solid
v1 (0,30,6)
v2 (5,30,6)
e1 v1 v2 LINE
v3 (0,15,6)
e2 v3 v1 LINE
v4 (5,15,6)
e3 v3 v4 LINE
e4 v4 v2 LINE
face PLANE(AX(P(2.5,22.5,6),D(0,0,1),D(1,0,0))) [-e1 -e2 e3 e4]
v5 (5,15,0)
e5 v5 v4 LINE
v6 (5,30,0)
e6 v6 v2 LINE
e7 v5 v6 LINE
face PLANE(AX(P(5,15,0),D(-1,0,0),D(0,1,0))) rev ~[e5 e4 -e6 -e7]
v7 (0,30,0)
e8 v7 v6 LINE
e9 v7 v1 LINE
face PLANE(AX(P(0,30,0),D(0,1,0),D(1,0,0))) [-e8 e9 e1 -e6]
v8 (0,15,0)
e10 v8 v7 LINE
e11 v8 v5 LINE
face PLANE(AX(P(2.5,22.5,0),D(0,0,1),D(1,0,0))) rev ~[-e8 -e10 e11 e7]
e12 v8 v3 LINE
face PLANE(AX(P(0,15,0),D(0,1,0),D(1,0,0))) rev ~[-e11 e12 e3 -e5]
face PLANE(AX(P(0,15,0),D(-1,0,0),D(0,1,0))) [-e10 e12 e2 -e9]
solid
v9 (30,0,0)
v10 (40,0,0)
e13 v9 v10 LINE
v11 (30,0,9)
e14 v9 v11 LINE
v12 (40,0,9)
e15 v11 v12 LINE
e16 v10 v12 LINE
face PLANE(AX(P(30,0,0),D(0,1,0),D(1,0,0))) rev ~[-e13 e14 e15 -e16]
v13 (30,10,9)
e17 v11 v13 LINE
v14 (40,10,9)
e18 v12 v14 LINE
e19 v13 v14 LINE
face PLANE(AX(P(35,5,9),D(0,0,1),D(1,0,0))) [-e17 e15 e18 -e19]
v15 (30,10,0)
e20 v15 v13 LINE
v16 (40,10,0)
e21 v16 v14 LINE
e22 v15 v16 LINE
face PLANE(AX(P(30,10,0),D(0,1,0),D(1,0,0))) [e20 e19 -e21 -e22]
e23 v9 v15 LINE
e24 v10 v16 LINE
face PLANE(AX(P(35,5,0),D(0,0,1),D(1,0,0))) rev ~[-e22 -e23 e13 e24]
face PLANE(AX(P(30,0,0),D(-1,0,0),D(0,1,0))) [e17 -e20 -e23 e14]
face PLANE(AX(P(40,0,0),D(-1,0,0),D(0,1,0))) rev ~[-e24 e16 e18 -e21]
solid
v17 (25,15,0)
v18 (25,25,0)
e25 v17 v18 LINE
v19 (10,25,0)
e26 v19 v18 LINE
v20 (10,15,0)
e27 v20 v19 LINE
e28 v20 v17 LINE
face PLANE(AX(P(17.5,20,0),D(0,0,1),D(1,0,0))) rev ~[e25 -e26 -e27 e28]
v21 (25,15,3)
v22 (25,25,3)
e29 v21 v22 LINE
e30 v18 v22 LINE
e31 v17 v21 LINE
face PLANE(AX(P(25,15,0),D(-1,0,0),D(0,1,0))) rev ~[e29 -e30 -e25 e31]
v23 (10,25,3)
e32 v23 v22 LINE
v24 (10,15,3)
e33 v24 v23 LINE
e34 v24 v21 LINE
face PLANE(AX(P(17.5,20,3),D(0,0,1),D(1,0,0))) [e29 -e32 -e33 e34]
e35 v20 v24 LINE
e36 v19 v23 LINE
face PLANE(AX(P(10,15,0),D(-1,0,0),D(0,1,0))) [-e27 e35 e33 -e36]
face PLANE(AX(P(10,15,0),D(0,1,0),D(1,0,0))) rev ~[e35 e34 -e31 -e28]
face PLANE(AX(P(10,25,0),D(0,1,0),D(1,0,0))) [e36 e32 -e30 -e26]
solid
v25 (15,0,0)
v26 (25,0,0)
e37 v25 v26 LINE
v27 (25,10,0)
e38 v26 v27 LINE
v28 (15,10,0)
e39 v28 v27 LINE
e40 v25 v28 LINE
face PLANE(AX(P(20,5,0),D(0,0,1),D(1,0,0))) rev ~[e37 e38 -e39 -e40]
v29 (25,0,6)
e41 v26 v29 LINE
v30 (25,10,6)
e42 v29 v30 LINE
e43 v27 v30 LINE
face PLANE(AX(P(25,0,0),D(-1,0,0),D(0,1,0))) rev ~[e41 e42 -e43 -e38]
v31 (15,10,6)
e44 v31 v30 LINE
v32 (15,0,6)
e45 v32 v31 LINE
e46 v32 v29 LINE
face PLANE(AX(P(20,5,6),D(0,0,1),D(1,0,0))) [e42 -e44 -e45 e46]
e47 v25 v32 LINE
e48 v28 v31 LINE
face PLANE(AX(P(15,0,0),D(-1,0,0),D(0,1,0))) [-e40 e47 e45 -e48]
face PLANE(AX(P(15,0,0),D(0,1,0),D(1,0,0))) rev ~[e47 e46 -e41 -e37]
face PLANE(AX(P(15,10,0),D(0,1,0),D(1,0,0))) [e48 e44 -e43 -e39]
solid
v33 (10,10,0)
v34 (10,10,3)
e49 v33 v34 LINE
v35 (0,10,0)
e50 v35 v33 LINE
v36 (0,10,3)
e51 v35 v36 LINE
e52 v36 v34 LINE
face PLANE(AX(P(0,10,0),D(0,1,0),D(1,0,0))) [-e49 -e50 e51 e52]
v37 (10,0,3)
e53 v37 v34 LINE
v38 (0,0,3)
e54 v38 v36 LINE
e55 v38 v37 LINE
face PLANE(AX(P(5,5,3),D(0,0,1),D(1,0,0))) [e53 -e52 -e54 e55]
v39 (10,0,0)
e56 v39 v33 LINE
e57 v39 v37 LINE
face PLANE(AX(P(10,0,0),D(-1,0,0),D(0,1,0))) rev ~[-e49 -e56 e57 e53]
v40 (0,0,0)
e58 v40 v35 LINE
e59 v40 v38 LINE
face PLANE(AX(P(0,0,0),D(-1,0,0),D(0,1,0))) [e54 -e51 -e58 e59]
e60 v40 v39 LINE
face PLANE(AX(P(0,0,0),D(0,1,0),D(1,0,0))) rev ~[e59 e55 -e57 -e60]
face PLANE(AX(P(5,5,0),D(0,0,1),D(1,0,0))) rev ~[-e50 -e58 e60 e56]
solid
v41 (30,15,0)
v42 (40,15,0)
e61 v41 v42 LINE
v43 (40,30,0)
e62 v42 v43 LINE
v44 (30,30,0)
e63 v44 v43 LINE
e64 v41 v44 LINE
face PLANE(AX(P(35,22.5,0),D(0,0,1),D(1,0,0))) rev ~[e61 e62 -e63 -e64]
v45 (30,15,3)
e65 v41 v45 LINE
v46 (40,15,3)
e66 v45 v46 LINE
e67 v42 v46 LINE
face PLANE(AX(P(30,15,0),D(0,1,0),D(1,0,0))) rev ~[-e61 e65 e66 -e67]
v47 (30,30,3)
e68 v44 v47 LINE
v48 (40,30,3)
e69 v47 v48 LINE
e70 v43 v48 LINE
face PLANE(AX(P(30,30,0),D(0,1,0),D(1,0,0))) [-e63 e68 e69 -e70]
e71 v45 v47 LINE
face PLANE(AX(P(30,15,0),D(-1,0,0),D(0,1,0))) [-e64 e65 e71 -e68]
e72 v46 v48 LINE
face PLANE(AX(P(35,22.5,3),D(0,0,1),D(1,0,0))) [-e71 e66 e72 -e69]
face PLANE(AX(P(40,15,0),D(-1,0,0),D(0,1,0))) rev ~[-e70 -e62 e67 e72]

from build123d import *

# Parameters (mm, degrees)
BOX_W        = 10
BOX_H        = 10
BOX_DEPTH    = 3
BOX001_W     = 10
BOX001_H     = 10
BOX001_DEPTH = 6
BOX002_W     = 10
BOX002_H     = 10
BOX002_DEPTH = 9
BOX003_W     = 10
BOX003_H     = 15
BOX003_DEPTH = 3
BOX004_W     = 15
BOX004_H     = 10
BOX004_DEPTH = 3
BOX005_W     = 5
BOX005_H     = 15
BOX005_DEPTH = 6


with BuildPart() as cube:
    # Box → Box (new body)
    with BuildSketch(Plane.XY):
        with Locations((5, 5)):
            Rectangle(BOX_W, BOX_H)
    extrude(amount=BOX_DEPTH)


with BuildPart() as cube001:
    # Box001 → Box001 (new body)
    with BuildSketch(Plane(origin=(15, 0, 0), x_dir=(1, 0, 0), z_dir=(0, 0, 1))):
        with Locations((5, 5)):
            Rectangle(BOX001_W, BOX001_H)
    extrude(amount=BOX001_DEPTH)


with BuildPart() as cube002:
    # Box002 → Box002 (new body)
    with BuildSketch(Plane(origin=(30, 0, 0), x_dir=(1, 0, 0), z_dir=(0, 0, 1))):
        with Locations((5, 5)):
            Rectangle(BOX002_W, BOX002_H)
    extrude(amount=BOX002_DEPTH)


with BuildPart() as cube003:
    # Box003 → Box003 (new body)
    with BuildSketch(Plane(origin=(30, 15, 0), x_dir=(1, 0, 0), z_dir=(0, 0, 1))):
        with Locations((5, 7.5)):
            Rectangle(BOX003_W, BOX003_H)
    extrude(amount=BOX003_DEPTH)


with BuildPart() as cube004:
    # Box004 → Box004 (new body)
    with BuildSketch(Plane(origin=(10, 15, 0), x_dir=(1, 0, 0), z_dir=(0, 0, 1))):
        with Locations((7.5, 5)):
            Rectangle(BOX004_W, BOX004_H)
    extrude(amount=BOX004_DEPTH)


with BuildPart() as cube005:
    # Box005 → Box005 (new body)
    with BuildSketch(Plane(origin=(0, 15, 0), x_dir=(1, 0, 0), z_dir=(0, 0, 1))):
        with Locations((2.5, 7.5)):
            Rectangle(BOX005_W, BOX005_H)
    extrude(amount=BOX005_DEPTH)


solid = Compound([cube.part, cube001.part, cube002.part, cube003.part, cube004.part, cube005.part])
